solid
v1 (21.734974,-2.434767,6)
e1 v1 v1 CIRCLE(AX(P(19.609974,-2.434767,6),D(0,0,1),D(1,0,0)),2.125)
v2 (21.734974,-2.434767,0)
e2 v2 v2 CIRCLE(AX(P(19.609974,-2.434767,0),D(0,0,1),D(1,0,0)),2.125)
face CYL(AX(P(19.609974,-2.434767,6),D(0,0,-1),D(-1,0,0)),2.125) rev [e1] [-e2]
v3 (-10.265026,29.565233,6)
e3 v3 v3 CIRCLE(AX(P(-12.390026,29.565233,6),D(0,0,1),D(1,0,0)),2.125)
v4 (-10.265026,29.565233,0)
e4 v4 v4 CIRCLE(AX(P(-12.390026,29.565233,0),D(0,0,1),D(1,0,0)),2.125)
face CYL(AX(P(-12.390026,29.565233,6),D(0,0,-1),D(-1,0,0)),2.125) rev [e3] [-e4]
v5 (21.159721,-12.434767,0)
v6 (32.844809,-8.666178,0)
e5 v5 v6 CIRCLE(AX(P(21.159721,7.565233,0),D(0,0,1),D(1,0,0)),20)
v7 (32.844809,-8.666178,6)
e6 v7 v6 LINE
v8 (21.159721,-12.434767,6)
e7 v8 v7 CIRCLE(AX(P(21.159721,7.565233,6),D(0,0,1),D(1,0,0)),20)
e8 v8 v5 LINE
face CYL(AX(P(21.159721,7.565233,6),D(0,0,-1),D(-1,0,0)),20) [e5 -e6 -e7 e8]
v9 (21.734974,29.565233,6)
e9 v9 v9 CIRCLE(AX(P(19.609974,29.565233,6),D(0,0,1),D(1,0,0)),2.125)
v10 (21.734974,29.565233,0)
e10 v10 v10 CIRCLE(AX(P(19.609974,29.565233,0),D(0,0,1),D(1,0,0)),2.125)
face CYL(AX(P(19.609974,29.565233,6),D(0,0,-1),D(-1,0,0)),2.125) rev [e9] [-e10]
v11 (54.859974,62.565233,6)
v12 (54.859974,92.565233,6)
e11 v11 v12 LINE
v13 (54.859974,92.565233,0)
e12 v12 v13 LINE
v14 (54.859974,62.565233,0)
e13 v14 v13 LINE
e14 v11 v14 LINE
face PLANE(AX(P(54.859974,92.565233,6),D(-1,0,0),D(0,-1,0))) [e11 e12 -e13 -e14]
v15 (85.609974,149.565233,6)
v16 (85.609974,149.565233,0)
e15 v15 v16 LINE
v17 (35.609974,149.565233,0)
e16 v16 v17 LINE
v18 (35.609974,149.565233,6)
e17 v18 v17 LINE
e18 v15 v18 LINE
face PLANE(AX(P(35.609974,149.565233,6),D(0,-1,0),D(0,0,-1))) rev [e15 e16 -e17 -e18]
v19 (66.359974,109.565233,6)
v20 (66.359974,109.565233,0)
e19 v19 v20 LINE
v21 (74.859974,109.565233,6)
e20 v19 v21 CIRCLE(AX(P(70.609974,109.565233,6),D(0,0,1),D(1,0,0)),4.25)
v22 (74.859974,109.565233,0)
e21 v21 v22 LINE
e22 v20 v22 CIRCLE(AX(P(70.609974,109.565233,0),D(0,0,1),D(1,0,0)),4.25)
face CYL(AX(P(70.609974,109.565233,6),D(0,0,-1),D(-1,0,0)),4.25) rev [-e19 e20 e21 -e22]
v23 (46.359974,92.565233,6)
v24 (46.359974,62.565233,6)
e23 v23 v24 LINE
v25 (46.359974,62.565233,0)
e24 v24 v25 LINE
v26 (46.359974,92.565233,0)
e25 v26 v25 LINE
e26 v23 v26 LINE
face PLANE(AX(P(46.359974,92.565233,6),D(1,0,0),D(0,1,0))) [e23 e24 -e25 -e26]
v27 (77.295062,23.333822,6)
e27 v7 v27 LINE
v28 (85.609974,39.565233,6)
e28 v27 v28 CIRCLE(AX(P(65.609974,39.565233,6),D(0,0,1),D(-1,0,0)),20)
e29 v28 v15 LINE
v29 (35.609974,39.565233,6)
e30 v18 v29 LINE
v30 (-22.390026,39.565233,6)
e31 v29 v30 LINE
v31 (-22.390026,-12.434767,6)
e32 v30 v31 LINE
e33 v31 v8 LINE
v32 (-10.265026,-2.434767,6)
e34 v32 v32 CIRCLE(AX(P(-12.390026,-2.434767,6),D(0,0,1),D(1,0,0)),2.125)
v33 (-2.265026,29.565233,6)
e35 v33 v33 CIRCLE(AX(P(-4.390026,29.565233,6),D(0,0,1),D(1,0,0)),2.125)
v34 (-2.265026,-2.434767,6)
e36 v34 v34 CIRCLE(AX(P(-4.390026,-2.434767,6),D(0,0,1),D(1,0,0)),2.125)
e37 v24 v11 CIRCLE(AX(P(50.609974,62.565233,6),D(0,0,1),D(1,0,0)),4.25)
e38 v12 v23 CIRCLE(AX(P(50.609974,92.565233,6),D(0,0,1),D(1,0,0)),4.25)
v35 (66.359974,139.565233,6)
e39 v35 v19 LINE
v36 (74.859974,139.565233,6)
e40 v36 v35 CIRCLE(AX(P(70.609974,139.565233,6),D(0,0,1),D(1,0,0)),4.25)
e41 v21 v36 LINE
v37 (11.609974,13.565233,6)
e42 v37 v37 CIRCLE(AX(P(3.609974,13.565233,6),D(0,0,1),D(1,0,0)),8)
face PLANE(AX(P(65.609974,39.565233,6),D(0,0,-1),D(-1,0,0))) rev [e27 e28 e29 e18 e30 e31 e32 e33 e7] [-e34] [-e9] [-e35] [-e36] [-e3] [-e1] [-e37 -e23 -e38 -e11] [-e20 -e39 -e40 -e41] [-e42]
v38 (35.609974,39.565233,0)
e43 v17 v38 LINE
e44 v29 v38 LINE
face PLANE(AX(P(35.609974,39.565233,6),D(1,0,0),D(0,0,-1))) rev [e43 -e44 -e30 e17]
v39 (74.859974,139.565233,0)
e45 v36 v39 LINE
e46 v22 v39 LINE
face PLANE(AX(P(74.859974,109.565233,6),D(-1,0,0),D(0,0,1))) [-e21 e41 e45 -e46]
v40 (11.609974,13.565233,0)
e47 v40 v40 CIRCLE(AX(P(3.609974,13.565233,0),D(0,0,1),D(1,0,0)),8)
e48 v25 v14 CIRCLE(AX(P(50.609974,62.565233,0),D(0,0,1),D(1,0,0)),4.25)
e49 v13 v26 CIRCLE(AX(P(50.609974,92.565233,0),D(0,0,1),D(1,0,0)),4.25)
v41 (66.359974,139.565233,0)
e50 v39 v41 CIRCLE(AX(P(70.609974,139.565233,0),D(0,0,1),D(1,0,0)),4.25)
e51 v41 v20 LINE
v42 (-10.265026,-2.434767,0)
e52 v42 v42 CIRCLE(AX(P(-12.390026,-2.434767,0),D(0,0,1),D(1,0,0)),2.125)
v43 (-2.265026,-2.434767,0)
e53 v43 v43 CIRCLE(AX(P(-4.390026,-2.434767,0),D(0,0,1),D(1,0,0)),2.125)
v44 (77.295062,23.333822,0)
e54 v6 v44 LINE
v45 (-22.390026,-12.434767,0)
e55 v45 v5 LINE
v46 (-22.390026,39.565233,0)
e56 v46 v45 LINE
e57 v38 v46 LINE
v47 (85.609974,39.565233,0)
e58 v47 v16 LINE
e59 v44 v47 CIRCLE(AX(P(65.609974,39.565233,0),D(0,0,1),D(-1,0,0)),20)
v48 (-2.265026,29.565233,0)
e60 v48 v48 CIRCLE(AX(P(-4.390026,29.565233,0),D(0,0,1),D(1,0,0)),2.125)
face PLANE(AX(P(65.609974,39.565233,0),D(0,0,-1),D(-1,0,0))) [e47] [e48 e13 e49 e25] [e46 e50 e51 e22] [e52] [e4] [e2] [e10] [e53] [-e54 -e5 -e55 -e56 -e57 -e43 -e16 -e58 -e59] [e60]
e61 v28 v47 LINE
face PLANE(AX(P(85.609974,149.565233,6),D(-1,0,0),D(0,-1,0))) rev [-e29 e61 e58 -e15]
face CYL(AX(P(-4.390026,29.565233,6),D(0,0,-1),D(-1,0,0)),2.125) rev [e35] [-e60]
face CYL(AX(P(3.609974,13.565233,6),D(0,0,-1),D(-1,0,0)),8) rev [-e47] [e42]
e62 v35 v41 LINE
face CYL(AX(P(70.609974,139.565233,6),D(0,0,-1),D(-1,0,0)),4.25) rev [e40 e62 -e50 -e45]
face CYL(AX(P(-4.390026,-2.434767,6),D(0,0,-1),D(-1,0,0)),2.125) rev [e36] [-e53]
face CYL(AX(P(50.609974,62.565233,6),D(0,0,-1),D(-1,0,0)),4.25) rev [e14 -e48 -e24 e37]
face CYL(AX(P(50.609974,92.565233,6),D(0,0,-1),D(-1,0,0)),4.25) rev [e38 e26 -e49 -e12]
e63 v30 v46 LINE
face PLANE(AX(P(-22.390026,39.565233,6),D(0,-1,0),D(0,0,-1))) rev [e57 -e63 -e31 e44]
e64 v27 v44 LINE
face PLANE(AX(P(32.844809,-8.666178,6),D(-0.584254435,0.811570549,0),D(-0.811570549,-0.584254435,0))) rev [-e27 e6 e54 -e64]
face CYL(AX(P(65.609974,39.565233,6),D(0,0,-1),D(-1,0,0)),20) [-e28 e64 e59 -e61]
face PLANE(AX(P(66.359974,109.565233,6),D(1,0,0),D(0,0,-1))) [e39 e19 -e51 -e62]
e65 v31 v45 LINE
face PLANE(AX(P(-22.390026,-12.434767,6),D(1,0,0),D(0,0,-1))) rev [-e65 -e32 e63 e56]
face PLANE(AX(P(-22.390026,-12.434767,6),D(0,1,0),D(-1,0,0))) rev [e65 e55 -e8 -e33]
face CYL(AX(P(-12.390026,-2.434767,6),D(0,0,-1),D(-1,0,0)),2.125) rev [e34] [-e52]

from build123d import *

# Parameters (mm, degrees)
SKETCH_1_R      = 2.125
SKETCH_1_R_2    = 8
EXTRUDE_1_DEPTH = 6


with BuildPart() as part:
    # 草图1 → 凸台-拉伸1 (new body)
    with BuildSketch(Plane.XY):
        with BuildLine():
            Line((-22.390026272, -12.434766873), (21.159720544, -12.434766873))
            ThreePointArc((21.159720544, -12.434766873), (27.298604017, -11.469317294), (32.844809242, -8.666177844))
            Line((32.844809242, -8.666177844), (77.295062426, 23.333822156))
            ThreePointArc((77.295062426, 23.333822156), (83.410279539, 30.44661958), (85.609973728, 39.565233127))
            Line((85.609973728, 39.565233127), (85.609973728, 149.565233127))
            Line((85.609973728, 149.565233127), (35.609973728, 149.565233127))
            Line((35.609973728, 149.565233127), (35.609973728, 39.565233127))
            Line((35.609973728, 39.565233127), (27.609973728, 39.565233127))
            Line((27.609973728, 39.565233127), (-22.390026272, 39.565233127))
            Line((-22.390026272, 39.565233127), (-22.390026272, -12.434766873))
        make_face()
        with Locations((-12.390026272, -2.434766873)):
            Circle(SKETCH_1_R, mode=Mode.SUBTRACT)
        with Locations((-4.390026272, -2.434766873)):
            Circle(SKETCH_1_R, mode=Mode.SUBTRACT)
        with Locations((19.609973728, -2.434766873)):
            Circle(SKETCH_1_R, mode=Mode.SUBTRACT)
        with Locations((-12.390026272, 29.565233127)):
            Circle(SKETCH_1_R, mode=Mode.SUBTRACT)
        with Locations((-4.390026272, 29.565233127)):
            Circle(SKETCH_1_R, mode=Mode.SUBTRACT)
        with Locations((19.609973728, 29.565233127)):
            Circle(SKETCH_1_R, mode=Mode.SUBTRACT)
        with Locations((3.609973728, 13.565233127)):
            Circle(SKETCH_1_R_2, mode=Mode.SUBTRACT)
        with BuildLine():
            Line((54.859973728, 92.565233127), (54.859973728, 62.565233127))
            ThreePointArc((54.859973728, 62.565233127), (50.609973728, 58.315233127), (46.359973728, 62.565233127))
            Line((46.359973728, 62.565233127), (46.359973728, 92.565233127))
            ThreePointArc((46.359973728, 92.565233127), (50.609973728, 96.815233127), (54.859973728, 92.565233127))
        make_face(mode=Mode.SUBTRACT)
        with BuildLine():
            Line((66.359973728, 109.565233127), (66.359973728, 139.565233127))
            ThreePointArc((66.359973728, 139.565233127), (70.609973728, 143.815233127), (74.859973728, 139.565233127))
            Line((74.859973728, 139.565233127), (74.859973728, 109.565233127))
            ThreePointArc((74.859973728, 109.565233127), (70.609973728, 105.315233127), (66.359973728, 109.565233127))
        make_face(mode=Mode.SUBTRACT)
    extrude(amount=EXTRUDE_1_DEPTH)


solid = part.part
